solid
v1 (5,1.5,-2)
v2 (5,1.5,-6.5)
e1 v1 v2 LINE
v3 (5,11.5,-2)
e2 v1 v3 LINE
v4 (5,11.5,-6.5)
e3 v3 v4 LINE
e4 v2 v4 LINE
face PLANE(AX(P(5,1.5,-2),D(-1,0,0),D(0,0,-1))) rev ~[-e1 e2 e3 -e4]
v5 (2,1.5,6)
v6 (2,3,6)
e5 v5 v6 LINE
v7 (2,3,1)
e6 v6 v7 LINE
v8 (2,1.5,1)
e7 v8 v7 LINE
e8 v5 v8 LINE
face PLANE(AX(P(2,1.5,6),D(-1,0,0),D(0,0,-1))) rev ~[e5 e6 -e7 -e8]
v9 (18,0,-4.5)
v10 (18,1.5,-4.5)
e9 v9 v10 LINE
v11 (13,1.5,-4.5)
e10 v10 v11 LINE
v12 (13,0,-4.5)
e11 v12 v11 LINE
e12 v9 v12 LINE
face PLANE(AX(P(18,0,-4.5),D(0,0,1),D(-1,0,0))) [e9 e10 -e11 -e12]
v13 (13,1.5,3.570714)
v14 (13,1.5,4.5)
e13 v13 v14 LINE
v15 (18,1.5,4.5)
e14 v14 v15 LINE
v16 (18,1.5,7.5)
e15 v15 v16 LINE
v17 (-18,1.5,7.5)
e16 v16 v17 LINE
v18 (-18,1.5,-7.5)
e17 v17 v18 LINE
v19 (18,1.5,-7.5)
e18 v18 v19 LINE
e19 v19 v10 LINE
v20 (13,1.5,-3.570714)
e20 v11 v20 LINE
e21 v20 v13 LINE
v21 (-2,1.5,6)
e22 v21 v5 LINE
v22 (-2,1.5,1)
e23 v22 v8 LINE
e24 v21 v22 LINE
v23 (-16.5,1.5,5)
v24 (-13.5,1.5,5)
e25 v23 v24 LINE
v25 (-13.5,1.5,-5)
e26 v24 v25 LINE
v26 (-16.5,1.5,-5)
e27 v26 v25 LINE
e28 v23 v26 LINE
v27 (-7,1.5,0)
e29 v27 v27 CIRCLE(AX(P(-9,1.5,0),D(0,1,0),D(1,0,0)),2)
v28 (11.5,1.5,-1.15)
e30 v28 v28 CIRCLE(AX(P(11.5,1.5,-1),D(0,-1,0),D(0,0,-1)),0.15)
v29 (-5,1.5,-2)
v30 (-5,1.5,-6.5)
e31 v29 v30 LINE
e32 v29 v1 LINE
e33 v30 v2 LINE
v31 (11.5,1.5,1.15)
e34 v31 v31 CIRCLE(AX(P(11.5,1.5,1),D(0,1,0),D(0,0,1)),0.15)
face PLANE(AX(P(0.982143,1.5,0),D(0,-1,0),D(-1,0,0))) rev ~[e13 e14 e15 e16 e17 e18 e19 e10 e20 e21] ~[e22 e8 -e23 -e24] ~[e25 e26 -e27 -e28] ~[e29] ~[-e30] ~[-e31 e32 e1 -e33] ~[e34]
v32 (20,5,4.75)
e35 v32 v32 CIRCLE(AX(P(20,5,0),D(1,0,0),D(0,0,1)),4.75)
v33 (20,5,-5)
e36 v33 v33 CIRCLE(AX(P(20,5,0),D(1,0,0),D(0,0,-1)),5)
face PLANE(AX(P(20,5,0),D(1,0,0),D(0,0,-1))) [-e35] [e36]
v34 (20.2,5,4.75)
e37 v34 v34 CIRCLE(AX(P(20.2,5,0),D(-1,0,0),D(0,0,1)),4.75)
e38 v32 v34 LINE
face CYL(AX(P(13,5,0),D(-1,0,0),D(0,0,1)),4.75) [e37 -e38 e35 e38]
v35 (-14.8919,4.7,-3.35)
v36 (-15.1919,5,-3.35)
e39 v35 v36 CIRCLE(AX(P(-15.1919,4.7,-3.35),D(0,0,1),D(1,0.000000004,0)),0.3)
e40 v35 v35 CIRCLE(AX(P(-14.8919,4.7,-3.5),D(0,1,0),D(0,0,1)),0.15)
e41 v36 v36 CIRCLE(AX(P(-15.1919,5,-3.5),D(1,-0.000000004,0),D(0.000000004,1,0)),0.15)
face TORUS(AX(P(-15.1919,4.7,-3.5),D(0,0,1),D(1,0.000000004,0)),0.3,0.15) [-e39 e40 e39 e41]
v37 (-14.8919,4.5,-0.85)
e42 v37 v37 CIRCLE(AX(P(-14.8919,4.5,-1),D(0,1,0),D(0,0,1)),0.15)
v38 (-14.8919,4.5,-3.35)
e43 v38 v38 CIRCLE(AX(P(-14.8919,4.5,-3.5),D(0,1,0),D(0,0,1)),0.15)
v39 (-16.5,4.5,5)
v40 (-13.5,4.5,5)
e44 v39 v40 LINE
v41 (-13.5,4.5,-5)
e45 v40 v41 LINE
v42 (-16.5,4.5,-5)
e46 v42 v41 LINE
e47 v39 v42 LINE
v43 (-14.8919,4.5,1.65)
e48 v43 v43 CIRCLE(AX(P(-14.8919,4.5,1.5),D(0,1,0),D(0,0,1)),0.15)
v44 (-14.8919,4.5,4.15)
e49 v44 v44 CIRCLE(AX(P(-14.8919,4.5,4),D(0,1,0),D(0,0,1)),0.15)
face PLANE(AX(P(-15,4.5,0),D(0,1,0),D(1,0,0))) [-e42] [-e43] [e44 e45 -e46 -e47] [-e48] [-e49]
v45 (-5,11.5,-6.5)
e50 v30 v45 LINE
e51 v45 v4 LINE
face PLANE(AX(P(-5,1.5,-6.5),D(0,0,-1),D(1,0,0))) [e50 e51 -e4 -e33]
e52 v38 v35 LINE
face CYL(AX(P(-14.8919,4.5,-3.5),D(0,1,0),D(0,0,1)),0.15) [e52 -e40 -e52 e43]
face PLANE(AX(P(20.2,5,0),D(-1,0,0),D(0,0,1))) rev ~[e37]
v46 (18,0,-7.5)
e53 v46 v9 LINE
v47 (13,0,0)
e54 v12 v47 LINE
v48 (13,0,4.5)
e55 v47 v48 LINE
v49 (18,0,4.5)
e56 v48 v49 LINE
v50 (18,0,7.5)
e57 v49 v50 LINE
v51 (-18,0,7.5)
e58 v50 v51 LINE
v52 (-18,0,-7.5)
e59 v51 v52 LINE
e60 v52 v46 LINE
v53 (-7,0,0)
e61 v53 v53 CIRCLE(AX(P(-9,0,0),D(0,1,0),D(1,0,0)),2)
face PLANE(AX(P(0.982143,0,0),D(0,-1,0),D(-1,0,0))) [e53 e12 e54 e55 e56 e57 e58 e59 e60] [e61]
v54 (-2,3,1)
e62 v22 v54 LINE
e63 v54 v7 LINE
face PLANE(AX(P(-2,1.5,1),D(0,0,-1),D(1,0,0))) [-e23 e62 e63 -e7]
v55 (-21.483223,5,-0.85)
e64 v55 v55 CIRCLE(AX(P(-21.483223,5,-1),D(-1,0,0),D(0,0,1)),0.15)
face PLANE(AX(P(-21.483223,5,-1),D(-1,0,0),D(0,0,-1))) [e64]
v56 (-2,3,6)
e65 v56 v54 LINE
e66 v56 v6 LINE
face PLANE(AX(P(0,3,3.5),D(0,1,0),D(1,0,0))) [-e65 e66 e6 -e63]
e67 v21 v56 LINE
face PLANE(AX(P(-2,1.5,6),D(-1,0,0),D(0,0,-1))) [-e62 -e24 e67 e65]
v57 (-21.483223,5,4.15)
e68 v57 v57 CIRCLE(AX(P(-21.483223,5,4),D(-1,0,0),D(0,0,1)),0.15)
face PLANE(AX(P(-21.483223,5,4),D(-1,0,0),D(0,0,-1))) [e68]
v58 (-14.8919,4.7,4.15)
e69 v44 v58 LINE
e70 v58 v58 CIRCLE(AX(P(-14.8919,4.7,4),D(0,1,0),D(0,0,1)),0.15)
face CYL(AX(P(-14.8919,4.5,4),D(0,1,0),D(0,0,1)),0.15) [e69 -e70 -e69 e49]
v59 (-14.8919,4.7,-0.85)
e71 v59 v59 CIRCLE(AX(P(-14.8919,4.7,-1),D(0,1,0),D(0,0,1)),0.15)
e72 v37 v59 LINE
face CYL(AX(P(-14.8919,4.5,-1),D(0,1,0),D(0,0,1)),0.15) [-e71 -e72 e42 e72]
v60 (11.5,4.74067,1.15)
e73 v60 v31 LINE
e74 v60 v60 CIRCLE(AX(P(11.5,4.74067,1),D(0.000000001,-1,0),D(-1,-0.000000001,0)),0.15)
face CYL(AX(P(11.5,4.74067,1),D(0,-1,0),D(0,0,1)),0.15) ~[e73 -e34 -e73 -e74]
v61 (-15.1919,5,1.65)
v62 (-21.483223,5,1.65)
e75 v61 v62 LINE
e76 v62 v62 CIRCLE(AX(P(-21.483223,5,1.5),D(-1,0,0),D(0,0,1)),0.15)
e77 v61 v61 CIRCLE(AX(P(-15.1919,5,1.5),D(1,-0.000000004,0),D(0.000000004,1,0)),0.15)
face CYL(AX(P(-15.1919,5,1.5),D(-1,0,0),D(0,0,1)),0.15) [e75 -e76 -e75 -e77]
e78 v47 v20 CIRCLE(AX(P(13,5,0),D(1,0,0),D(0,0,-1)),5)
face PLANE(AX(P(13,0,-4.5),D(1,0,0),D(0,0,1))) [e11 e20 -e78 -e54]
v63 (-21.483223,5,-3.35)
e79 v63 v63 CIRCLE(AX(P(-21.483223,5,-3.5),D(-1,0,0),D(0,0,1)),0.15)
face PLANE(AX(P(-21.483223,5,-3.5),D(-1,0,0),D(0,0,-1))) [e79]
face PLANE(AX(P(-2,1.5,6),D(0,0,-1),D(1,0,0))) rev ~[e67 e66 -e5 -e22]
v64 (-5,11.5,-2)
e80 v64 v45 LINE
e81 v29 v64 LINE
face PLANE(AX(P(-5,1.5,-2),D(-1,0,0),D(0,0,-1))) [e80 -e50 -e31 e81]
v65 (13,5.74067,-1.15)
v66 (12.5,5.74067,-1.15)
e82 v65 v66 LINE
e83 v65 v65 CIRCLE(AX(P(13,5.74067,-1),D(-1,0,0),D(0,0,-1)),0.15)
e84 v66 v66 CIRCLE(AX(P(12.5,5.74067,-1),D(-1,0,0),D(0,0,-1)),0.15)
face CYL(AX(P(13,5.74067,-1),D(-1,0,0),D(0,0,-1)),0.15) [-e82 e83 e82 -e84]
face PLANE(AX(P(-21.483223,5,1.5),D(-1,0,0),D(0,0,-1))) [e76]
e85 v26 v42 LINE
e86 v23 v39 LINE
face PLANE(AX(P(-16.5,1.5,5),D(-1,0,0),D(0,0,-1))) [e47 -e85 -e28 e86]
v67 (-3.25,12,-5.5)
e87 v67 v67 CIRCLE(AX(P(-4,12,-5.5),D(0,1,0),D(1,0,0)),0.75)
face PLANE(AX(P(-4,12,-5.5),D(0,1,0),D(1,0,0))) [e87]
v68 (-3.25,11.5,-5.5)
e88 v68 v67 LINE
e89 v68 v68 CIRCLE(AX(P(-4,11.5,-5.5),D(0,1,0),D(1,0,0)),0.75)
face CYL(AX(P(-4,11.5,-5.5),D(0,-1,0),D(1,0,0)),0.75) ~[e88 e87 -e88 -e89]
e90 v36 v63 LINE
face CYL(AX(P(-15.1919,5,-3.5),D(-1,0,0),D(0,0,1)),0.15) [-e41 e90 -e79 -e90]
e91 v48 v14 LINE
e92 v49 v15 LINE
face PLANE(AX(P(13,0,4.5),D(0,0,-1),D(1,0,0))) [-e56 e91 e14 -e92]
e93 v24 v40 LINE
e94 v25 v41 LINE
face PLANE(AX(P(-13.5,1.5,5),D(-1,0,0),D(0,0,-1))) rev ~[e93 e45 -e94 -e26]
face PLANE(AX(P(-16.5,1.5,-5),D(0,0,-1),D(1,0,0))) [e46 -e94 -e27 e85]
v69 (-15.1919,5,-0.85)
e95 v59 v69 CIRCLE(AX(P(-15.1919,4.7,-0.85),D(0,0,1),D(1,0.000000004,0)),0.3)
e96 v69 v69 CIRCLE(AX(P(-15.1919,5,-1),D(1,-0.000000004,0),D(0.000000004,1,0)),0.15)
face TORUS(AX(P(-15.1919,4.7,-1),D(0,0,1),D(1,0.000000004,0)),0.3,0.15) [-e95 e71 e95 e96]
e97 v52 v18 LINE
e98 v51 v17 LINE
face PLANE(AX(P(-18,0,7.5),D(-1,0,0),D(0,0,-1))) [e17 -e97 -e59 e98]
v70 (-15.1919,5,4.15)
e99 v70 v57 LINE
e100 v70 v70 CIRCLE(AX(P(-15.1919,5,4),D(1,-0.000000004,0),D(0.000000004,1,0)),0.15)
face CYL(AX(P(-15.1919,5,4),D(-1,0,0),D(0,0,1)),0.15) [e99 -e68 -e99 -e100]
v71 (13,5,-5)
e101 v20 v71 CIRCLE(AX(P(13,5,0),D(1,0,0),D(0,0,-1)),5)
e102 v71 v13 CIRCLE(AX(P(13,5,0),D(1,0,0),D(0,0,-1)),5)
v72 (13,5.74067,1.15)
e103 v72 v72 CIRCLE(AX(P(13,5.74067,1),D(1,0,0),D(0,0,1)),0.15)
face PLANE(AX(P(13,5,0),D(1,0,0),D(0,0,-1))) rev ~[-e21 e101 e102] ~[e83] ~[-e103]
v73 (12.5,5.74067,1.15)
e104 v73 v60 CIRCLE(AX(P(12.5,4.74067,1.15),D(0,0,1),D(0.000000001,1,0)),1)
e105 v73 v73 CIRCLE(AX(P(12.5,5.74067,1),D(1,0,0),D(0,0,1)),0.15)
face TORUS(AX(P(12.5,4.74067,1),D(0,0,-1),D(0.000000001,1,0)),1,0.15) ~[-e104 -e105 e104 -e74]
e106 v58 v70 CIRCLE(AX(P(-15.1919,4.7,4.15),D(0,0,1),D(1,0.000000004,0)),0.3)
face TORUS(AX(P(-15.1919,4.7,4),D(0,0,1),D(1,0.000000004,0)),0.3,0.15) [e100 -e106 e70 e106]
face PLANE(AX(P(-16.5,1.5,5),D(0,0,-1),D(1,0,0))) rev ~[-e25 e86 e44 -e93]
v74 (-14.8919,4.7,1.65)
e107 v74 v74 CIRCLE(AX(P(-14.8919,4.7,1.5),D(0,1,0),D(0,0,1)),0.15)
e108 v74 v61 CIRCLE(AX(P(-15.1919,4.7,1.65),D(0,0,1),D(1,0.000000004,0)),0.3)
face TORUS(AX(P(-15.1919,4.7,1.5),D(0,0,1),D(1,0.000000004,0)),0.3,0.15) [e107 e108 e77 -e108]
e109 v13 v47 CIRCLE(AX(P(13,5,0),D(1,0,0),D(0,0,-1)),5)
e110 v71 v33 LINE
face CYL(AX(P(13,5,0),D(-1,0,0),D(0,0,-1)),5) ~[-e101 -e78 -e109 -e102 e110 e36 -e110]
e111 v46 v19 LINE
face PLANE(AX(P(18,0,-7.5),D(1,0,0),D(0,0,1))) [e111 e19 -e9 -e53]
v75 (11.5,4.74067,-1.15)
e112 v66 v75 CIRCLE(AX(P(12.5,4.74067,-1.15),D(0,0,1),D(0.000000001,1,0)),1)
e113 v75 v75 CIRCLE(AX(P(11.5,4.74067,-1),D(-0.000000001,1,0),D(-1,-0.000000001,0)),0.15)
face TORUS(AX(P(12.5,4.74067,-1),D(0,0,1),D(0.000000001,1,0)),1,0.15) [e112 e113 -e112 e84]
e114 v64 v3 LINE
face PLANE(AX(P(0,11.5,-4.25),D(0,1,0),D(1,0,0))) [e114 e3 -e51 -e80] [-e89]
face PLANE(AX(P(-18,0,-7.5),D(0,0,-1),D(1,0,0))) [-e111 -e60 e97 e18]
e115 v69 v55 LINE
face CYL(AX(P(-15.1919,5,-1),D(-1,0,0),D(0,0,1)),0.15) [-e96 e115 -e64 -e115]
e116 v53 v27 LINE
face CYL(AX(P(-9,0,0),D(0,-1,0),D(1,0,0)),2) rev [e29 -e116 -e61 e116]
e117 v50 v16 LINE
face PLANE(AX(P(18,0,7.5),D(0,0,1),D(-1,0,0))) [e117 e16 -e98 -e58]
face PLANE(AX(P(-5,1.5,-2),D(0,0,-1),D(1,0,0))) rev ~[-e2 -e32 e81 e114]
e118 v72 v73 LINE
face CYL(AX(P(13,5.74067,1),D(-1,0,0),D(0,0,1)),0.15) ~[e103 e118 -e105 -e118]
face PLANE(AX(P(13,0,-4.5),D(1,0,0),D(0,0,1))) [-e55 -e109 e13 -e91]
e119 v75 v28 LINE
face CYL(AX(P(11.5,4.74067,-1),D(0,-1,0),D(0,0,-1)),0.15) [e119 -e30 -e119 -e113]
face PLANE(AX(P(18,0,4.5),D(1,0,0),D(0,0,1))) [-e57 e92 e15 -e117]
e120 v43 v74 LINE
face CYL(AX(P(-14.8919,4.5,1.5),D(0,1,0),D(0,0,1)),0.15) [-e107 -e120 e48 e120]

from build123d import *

# Parameters (mm, degrees)
SKETCH1_R           = 2
BOSS_EXTRUDE1_DEPTH = 1.5
SKETCH2_R           = 5
SKETCH2_R_2         = 4.75
BOSS_EXTRUDE2_DEPTH = 7
SKETCH3_R           = 4.75
BOSS_EXTRUDE3_DEPTH = 7.2
SKETCH4_W           = 10
SKETCH4_H           = 4.5
BOSS_EXTRUDE4_DEPTH = 10
SKETCH5_W           = 3
SKETCH5_H           = 10
BOSS_EXTRUDE5_DEPTH = 3
SKETCH6_W           = 4
SKETCH6_H           = 5
BOSS_EXTRUDE6_DEPTH = 1.5
SWEEP1_PROFILE_R    = 0.15
SWEEP2_PROFILE_R    = 0.15
LPATTERN1_COUNT     = 4
LPATTERN1_PITCH     = 2.5
SKETCH63_R          = 0.75
BOSS_EXTRUDE7_DEPTH = 0.5


with BuildPart() as part:
    # Sketch1 → Boss-Extrude1 (new body)
    with BuildSketch(Plane(origin=(0, 0, 0), x_dir=(1, 0, 0), z_dir=(0, 1, 0))):
        Polygon((18, 4.5), (13, 4.5), (13, -4.5), (18, -4.5), (18, -7.5), (-18, -7.5), (-18, 7.5), (18, 7.5), align=None)
        with Locations((-9, 0)):
            Circle(SKETCH1_R, mode=Mode.SUBTRACT)
    extrude(amount=BOSS_EXTRUDE1_DEPTH)

    # Sketch2 → Boss-Extrude2 (add)
    with BuildSketch(Plane(origin=(13, 0, 0), x_dir=(0, 0, -1), z_dir=(1, 0, 0))):
        with Locations((0, 5)):
            Circle(SKETCH2_R)
        with Locations((0, 5)):
            Circle(SKETCH2_R_2, mode=Mode.SUBTRACT)
    extrude(amount=BOSS_EXTRUDE2_DEPTH)

    # Sketch3 → Boss-Extrude3 (add)
    with BuildSketch(Plane.ZY.offset(-13)):
        with Locations((0, 5)):
            Circle(SKETCH3_R)
    extrude(amount=-BOSS_EXTRUDE3_DEPTH)

    # Sketch4 → Boss-Extrude4 (add)
    with BuildSketch(Plane(origin=(0, 1.5, 0), x_dir=(1, 0, 0), z_dir=(0, 1, 0))):
        with Locations((0, 4.25)):
            Rectangle(SKETCH4_W, SKETCH4_H)
    extrude(amount=BOSS_EXTRUDE4_DEPTH)

    # Sketch5 → Boss-Extrude5 (add)
    with BuildSketch(Plane(origin=(0, 1.5, 0), x_dir=(1, 0, 0), z_dir=(0, 1, 0))):
        with Locations((-15, 0)):
            Rectangle(SKETCH5_W, SKETCH5_H)
    extrude(amount=BOSS_EXTRUDE5_DEPTH)

    # Sketch6 → Boss-Extrude6 (add)
    with BuildSketch(Plane(origin=(0, 1.5, 0), x_dir=(1, 0, 0), z_dir=(0, 1, 0))):
        with Locations((0, -3.5)):
            Rectangle(SKETCH6_W, SKETCH6_H)
    extrude(amount=BOSS_EXTRUDE6_DEPTH)

    # Sweep1: sweep along a curve in space
    with BuildLine() as sweep1_path:
        Line((13, 5.74066974, -1), (12.5, 5.74066974, -1))
        ThreePointArc((12.5, 5.74066974, -1), (11.792893219, 5.447776522, -1), (11.5, 4.74066974, -1))
        Line((11.5, 4.74066974, -1), (11.5, 1.5, -1))
    # Sweep1 profile (on start of the path) → Sweep1 (sweep)
    with BuildSketch(Plane(origin=(13, 5.74066974, -1), x_dir=(0, 0, -1), z_dir=(-1, 0, 0))):
        Circle(SWEEP1_PROFILE_R)
    sweep1 = sweep(path=sweep1_path.line)

    # Sweep2: sweep along a curve in space
    with BuildLine() as sweep2_path:
        Line((-14.891900492, 4.5, 4), (-14.891900492, 4.7, 4))
        ThreePointArc((-14.891900492, 4.7, 4), (-14.979768458, 4.912132034, 4), (-15.191900492, 5, 4))
        Line((-15.191900492, 5, 4), (-21.483222575, 5, 4))
    # Sweep2 profile (on start of the path) → Sweep2 (sweep)
    with BuildSketch(Plane(origin=(-14.891900492, 4.5, 4), x_dir=(0, 0, 1), z_dir=(0, 1, 0))):
        Circle(SWEEP2_PROFILE_R)
    sweep2 = sweep(path=sweep2_path.line)

    # LPattern1: Sweep2 ×4
    with Locations(*[(0, 0, -i * LPATTERN1_PITCH) for i in range(1, LPATTERN1_COUNT)]):
        add(sweep2)

    # Mirror1: Sweep1 across plane
    add(sweep1.mirror(Plane.XY))

    # Sketch63 → Boss-Extrude7 (add)
    with BuildSketch(Plane(origin=(0, 11.5, 0), x_dir=(1, 0, 0), z_dir=(0, 1, 0))):
        with Locations((-4, 5.5)):
            Circle(SKETCH63_R)
    extrude(amount=BOSS_EXTRUDE7_DEPTH)


solid = part.part
